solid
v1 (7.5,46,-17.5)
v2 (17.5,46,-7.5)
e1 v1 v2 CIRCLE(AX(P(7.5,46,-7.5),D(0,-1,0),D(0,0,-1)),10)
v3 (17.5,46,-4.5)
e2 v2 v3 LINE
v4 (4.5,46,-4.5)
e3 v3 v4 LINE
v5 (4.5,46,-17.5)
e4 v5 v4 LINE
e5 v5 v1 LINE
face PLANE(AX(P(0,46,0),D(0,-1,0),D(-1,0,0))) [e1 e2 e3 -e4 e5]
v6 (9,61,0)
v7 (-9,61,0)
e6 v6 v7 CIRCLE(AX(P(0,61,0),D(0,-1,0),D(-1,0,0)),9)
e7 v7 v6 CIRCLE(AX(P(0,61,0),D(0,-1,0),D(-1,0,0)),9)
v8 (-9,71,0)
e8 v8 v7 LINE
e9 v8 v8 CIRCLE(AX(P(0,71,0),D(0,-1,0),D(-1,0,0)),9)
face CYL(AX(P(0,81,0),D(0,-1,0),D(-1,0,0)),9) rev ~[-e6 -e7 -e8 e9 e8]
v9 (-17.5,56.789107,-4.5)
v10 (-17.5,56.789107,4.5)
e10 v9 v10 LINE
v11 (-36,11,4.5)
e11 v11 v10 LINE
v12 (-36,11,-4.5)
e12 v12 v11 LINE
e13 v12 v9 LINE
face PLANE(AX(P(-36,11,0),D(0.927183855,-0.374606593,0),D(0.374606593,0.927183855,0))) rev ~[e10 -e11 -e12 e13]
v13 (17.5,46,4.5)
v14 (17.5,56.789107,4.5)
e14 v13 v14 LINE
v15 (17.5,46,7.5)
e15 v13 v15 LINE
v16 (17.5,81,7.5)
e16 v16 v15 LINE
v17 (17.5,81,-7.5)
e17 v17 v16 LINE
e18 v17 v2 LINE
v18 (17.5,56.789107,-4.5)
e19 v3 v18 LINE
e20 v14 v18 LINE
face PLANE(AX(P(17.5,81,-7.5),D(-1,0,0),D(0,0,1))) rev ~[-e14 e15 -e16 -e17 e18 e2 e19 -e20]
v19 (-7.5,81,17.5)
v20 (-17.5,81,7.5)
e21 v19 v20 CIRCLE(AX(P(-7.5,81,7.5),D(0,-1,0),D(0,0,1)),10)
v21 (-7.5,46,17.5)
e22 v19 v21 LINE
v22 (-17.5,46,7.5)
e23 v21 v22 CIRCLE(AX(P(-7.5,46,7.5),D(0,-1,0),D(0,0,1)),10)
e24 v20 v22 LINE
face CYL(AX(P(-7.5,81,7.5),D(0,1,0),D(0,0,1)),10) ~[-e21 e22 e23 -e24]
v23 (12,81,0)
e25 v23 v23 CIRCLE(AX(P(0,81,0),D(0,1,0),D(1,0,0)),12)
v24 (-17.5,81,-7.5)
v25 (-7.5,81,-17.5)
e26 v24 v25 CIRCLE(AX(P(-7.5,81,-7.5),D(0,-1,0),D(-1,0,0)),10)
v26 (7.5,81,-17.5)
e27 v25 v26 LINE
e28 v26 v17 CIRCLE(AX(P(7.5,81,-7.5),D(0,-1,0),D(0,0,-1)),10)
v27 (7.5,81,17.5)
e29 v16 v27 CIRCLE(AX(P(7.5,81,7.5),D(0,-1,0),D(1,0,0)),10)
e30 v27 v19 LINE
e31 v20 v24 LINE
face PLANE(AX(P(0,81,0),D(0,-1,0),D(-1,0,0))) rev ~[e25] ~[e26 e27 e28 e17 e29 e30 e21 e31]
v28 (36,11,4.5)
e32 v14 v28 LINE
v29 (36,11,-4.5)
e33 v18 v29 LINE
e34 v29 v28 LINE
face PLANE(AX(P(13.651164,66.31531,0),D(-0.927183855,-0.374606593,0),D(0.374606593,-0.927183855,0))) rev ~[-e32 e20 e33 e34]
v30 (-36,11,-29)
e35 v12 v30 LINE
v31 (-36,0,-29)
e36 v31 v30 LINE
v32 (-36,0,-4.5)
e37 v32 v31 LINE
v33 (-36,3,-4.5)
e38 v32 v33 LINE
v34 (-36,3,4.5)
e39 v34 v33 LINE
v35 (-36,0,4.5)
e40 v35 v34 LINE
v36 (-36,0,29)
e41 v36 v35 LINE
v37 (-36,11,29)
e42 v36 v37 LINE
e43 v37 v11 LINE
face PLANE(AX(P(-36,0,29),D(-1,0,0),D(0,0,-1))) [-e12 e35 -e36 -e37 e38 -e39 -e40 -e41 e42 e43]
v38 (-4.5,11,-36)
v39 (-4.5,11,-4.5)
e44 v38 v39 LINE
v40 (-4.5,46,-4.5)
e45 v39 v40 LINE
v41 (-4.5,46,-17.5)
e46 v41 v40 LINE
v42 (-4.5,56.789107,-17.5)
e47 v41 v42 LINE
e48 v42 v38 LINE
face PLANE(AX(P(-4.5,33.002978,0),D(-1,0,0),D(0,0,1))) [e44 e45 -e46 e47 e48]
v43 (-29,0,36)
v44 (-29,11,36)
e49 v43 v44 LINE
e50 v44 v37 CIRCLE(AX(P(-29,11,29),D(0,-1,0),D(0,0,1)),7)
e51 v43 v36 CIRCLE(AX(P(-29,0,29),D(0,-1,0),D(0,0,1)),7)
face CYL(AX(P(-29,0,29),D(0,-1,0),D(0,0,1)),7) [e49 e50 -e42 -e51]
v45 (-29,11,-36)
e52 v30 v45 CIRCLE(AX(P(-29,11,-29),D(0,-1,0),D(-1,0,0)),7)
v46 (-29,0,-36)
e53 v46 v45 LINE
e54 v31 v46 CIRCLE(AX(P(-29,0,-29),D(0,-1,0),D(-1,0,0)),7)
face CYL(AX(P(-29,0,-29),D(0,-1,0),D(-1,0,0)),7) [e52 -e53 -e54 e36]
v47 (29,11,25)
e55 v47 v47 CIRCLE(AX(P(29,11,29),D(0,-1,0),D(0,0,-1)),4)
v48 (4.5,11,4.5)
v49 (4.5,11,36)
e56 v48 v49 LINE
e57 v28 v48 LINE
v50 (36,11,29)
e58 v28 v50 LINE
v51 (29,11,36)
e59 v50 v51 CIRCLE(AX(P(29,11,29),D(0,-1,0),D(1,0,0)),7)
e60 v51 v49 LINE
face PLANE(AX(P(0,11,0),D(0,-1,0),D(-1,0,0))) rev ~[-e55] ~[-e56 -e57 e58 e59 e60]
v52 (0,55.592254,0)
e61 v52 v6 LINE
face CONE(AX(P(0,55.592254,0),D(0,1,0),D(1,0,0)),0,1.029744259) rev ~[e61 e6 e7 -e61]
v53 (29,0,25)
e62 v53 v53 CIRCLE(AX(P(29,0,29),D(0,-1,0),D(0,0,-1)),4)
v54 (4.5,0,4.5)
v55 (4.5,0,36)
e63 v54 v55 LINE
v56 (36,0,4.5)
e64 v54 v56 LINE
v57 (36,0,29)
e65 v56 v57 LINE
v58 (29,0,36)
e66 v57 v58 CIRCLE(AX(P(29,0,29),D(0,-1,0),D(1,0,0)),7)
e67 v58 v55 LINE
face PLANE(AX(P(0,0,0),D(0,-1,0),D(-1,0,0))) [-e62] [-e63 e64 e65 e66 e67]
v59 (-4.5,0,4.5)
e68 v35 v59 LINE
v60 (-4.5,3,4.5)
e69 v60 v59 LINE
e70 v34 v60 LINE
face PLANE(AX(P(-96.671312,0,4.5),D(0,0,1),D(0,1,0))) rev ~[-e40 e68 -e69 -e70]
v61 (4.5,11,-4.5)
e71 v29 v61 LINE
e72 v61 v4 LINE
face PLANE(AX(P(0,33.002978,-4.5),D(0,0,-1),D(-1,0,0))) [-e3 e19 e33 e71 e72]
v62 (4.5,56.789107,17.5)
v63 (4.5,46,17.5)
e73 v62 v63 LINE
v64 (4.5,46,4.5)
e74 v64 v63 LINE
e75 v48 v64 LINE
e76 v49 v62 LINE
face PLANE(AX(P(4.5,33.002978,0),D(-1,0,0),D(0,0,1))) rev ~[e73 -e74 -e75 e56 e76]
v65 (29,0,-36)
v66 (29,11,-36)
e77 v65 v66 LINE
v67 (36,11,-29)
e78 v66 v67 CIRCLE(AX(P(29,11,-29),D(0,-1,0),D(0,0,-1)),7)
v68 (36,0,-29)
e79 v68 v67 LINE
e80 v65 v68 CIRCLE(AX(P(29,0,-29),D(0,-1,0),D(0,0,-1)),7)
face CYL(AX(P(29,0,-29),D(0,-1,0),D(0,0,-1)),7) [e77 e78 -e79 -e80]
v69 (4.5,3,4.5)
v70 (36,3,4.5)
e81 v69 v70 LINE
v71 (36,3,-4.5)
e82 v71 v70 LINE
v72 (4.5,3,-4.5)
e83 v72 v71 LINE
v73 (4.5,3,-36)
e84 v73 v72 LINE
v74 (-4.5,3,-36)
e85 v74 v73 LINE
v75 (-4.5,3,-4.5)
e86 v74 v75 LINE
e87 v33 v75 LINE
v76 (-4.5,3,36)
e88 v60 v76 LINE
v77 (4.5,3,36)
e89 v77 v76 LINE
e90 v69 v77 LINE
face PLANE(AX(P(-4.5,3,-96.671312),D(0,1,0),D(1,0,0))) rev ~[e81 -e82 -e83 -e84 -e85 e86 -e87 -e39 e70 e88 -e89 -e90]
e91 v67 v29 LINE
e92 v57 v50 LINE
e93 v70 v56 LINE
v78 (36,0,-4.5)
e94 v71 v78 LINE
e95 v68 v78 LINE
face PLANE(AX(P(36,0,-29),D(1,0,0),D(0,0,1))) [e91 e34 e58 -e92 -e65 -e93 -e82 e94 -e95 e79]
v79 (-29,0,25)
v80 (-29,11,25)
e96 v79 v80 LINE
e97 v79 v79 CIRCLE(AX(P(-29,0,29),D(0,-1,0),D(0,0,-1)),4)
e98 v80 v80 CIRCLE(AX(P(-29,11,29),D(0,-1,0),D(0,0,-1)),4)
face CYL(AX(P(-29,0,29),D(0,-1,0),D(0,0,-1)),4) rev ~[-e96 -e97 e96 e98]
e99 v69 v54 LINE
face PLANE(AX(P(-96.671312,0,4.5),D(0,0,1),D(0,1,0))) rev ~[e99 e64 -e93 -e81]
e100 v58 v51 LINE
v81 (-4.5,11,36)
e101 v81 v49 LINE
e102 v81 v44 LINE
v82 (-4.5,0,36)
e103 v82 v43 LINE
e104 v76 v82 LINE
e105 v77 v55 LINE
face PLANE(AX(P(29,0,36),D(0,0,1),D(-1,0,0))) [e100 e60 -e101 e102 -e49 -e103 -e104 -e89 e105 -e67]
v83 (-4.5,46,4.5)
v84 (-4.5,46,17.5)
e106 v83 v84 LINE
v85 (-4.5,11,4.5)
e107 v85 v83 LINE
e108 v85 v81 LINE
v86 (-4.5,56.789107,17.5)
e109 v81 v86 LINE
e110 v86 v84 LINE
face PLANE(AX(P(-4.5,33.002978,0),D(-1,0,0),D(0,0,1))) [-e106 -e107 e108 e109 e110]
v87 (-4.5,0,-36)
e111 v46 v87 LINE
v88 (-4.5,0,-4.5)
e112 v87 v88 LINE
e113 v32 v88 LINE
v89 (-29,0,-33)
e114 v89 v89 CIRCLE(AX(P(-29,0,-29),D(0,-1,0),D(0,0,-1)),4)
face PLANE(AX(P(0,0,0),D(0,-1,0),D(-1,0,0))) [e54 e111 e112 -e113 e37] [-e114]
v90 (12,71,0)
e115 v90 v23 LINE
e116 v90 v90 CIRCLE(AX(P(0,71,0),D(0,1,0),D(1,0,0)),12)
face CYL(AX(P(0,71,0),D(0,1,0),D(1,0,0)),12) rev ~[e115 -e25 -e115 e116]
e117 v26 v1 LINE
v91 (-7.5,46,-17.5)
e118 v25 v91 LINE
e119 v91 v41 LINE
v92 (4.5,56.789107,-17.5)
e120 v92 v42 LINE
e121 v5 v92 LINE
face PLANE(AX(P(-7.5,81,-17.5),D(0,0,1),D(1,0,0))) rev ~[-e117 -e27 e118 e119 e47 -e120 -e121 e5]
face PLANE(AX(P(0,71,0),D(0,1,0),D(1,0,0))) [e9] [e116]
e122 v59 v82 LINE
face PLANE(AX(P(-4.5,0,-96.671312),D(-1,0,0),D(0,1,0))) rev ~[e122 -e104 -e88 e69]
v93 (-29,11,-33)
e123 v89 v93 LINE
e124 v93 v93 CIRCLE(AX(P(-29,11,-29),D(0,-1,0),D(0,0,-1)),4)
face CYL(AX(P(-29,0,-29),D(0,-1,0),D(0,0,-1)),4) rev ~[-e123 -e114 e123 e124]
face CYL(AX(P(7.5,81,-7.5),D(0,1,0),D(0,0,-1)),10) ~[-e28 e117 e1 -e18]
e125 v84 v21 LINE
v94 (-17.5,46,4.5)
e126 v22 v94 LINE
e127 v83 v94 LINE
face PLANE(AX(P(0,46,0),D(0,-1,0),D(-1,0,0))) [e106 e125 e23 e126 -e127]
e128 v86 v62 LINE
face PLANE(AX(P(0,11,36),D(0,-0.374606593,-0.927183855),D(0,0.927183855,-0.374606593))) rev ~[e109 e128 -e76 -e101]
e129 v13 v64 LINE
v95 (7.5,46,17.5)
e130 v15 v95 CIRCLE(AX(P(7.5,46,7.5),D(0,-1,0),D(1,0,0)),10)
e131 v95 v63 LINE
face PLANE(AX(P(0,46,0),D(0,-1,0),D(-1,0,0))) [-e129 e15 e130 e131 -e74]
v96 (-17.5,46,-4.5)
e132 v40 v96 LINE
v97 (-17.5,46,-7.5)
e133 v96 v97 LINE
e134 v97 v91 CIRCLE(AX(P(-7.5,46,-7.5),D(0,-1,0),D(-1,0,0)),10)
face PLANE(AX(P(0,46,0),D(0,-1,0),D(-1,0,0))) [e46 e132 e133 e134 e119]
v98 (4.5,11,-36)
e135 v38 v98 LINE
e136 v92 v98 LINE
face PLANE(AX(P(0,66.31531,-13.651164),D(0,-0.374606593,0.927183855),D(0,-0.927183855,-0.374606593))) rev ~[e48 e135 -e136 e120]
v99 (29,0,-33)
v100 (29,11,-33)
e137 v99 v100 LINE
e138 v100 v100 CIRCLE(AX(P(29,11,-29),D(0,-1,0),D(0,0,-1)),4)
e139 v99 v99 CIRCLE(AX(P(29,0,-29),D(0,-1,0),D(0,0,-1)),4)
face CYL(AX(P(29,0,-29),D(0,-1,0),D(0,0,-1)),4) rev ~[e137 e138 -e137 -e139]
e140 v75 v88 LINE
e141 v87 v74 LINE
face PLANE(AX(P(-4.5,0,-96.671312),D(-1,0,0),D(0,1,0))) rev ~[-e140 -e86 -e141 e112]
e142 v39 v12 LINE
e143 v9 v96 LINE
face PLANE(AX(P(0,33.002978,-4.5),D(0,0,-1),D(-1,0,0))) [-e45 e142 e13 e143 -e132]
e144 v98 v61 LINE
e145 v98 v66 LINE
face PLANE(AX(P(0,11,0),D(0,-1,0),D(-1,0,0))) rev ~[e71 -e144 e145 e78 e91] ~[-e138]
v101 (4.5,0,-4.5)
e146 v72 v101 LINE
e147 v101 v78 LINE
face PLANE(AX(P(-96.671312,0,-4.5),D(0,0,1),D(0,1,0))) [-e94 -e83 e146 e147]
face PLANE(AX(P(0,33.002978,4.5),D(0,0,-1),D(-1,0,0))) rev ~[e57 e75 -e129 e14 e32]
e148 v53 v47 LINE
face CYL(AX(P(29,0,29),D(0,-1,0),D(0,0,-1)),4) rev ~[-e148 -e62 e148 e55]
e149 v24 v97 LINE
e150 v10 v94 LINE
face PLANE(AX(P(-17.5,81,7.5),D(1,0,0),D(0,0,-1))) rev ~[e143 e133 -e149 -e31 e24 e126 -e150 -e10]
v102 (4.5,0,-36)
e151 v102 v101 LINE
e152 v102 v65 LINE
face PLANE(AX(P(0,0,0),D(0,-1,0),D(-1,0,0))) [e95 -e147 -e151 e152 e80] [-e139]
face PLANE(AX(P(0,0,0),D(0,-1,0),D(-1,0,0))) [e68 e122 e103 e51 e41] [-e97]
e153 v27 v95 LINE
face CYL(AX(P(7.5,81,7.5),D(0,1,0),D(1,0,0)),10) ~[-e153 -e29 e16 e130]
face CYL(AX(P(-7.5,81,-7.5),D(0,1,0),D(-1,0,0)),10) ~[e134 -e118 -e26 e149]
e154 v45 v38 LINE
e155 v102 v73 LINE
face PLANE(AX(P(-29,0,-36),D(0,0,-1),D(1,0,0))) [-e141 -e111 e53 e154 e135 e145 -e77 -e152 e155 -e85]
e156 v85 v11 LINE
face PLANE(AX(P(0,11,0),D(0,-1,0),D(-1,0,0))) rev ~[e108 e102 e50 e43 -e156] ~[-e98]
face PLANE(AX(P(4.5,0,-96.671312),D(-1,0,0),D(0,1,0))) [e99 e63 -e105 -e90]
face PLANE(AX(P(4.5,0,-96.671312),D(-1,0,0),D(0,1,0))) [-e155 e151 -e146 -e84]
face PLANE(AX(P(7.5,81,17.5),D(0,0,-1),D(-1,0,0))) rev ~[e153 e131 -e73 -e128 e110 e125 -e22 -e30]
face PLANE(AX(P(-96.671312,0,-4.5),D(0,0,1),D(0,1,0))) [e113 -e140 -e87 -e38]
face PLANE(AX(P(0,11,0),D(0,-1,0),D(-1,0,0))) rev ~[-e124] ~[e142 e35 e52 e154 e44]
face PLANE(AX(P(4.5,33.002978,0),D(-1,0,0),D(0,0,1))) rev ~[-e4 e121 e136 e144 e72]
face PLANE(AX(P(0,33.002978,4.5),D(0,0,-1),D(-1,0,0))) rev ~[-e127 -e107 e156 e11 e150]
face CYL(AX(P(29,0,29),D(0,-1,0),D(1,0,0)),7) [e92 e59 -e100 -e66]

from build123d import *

# Parameters (mm, degrees)
EXTRUDE_1_DEPTH              = 11
EXTRUDE_2_DEPTH              = 4.5
EXTRUDE_3_DEPTH              = 4.5
EXTRUDE_4_DEPTH              = 35
HOLE_WIZARD_M4_1_D           = 18
HOLE_WIZARD_M4_1_DEPTH       = 20
HOLE_WIZARD_M4_1_CBORE_D     = 24
HOLE_WIZARD_M4_1_CBORE_DEPTH = 10
HOLE_WIZARD_M4_1_TIP         = 5.407745571
SKETCH_14_R                  = 4
CUT_EXTRUDE_1_DEPTH          = 15
CUT_EXTRUDE_2_DEPTH          = 96.671312315
CUT_EXTRUDE_2_DEPTH_BACK     = 96.671312315
SKETCH_15_W                  = 9
SKETCH_15_H                  = 3
CUT_EXTRUDE_3_DEPTH          = 96.671312315
CUT_EXTRUDE_3_DEPTH_BACK     = 96.671312315
SKETCH_16_W                  = 9
SKETCH_16_H                  = 3


with BuildPart() as part:
    # 스케치1 → 보스-돌출1 (new body)
    with BuildSketch(Plane(origin=(0, 0, 0), x_dir=(1, 0, 0), z_dir=(0, 1, 0))):
        with BuildLine():
            Line((-29, 36), (29, 36))
            ThreePointArc((29, 36), (33.949747468, 33.949747468), (36, 29))
            Line((36, 29), (36, -29))
            ThreePointArc((36, -29), (33.949747468, -33.949747468), (29, -36))
            Line((29, -36), (-29, -36))
            ThreePointArc((-29, -36), (-33.949747468, -33.949747468), (-36, -29))
            Line((-36, -29), (-36, 29))
            ThreePointArc((-36, 29), (-33.949747468, 33.949747468), (-29, 36))
        make_face()
    extrude(amount=EXTRUDE_1_DEPTH)

    # 스케치2 → 보스-돌출2 (add, symmetric)
    with BuildSketch(Plane.XY):
        Polygon((-36, 11), (-13.651164073, 66.315309992), (13.651164073, 66.315309992), (36, 11), align=None)
    extrude(amount=EXTRUDE_2_DEPTH, both=True)

    # 스케치3 → 보스-돌출3 (add, symmetric)
    with BuildSketch(Plane(origin=(0, 0, 0), x_dir=(0, 0, -1), z_dir=(1, 0, 0))):
        Polygon((-36, 11), (-13.651164073, 66.315309992), (13.651164073, 66.315309992), (36, 11), align=None)
    extrude(amount=EXTRUDE_3_DEPTH, both=True)

    # 스케치4 → 보스-돌출4 (add)
    with BuildSketch(Plane(origin=(0, 81, 0), x_dir=(1, 0, 0), z_dir=(0, 1, 0))):
        with BuildLine():
            Line((-7.5, 17.5), (7.5, 17.5))
            ThreePointArc((7.5, 17.5), (14.571067812, 14.571067812), (17.5, 7.5))
            Line((17.5, 7.5), (17.5, -7.5))
            ThreePointArc((17.5, -7.5), (14.571067812, -14.571067812), (7.5, -17.5))
            Line((7.5, -17.5), (-7.5, -17.5))
            ThreePointArc((-7.5, -17.5), (-14.571067812, -14.571067812), (-17.5, -7.5))
            Line((-17.5, -7.5), (-17.5, 7.5))
            ThreePointArc((-17.5, 7.5), (-14.571067812, 14.571067812), (-7.5, 17.5))
        make_face()
    extrude(amount=-EXTRUDE_4_DEPTH)

    # M4 소켓 머리 캡 나사용 카운터보어1
    with Locations(Plane(origin=(0, 81, 0), x_dir=(1, 0, 0), z_dir=(0, 1, 0))):
        with Locations((0, 0)):
            CounterBoreHole(HOLE_WIZARD_M4_1_D / 2, HOLE_WIZARD_M4_1_CBORE_D / 2, HOLE_WIZARD_M4_1_CBORE_DEPTH, depth=HOLE_WIZARD_M4_1_DEPTH)
            with Locations((0, 0, -(HOLE_WIZARD_M4_1_DEPTH + HOLE_WIZARD_M4_1_TIP / 2))):  # 118° drill point
                Cone(0, HOLE_WIZARD_M4_1_D / 2, HOLE_WIZARD_M4_1_TIP, mode=Mode.SUBTRACT)

    # 스케치14 → 컷-돌출1 (cut)
    with BuildSketch(Plane.XZ):
        with Locations(Location((-29, 29, 0), (0, 0, 270))):
            Circle(SKETCH_14_R)
        with Locations(Location((29, 29, 0), (0, 0, 270))):
            Circle(SKETCH_14_R)
        with Locations(Location((-29, -29, 0), (0, 0, 270))):
            Circle(SKETCH_14_R)
        with Locations(Location((29, -29, 0), (0, 0, 270))):
            Circle(SKETCH_14_R)
    extrude(amount=-CUT_EXTRUDE_1_DEPTH, mode=Mode.SUBTRACT)

    # 스케치15 → 컷-돌출2 (cut, two sides: drawn at the far end of the back side and taken through both)
    with BuildSketch(Plane(origin=(0, 0, 0), x_dir=(0, 0, -1), z_dir=(1, 0, 0)).offset(-CUT_EXTRUDE_2_DEPTH_BACK)):
        with Locations((0, 1.5)):
            Rectangle(SKETCH_15_W, SKETCH_15_H)
    extrude(amount=CUT_EXTRUDE_2_DEPTH + CUT_EXTRUDE_2_DEPTH_BACK, mode=Mode.SUBTRACT)

    # 스케치16 → 컷-돌출3 (cut, two sides: drawn at the far end of the back side and taken through both)
    with BuildSketch(Plane.XY.offset(-CUT_EXTRUDE_3_DEPTH_BACK)):
        with Locations((0, 1.5)):
            Rectangle(SKETCH_16_W, SKETCH_16_H)
    extrude(amount=CUT_EXTRUDE_3_DEPTH + CUT_EXTRUDE_3_DEPTH_BACK, mode=Mode.SUBTRACT)


solid = part.part
